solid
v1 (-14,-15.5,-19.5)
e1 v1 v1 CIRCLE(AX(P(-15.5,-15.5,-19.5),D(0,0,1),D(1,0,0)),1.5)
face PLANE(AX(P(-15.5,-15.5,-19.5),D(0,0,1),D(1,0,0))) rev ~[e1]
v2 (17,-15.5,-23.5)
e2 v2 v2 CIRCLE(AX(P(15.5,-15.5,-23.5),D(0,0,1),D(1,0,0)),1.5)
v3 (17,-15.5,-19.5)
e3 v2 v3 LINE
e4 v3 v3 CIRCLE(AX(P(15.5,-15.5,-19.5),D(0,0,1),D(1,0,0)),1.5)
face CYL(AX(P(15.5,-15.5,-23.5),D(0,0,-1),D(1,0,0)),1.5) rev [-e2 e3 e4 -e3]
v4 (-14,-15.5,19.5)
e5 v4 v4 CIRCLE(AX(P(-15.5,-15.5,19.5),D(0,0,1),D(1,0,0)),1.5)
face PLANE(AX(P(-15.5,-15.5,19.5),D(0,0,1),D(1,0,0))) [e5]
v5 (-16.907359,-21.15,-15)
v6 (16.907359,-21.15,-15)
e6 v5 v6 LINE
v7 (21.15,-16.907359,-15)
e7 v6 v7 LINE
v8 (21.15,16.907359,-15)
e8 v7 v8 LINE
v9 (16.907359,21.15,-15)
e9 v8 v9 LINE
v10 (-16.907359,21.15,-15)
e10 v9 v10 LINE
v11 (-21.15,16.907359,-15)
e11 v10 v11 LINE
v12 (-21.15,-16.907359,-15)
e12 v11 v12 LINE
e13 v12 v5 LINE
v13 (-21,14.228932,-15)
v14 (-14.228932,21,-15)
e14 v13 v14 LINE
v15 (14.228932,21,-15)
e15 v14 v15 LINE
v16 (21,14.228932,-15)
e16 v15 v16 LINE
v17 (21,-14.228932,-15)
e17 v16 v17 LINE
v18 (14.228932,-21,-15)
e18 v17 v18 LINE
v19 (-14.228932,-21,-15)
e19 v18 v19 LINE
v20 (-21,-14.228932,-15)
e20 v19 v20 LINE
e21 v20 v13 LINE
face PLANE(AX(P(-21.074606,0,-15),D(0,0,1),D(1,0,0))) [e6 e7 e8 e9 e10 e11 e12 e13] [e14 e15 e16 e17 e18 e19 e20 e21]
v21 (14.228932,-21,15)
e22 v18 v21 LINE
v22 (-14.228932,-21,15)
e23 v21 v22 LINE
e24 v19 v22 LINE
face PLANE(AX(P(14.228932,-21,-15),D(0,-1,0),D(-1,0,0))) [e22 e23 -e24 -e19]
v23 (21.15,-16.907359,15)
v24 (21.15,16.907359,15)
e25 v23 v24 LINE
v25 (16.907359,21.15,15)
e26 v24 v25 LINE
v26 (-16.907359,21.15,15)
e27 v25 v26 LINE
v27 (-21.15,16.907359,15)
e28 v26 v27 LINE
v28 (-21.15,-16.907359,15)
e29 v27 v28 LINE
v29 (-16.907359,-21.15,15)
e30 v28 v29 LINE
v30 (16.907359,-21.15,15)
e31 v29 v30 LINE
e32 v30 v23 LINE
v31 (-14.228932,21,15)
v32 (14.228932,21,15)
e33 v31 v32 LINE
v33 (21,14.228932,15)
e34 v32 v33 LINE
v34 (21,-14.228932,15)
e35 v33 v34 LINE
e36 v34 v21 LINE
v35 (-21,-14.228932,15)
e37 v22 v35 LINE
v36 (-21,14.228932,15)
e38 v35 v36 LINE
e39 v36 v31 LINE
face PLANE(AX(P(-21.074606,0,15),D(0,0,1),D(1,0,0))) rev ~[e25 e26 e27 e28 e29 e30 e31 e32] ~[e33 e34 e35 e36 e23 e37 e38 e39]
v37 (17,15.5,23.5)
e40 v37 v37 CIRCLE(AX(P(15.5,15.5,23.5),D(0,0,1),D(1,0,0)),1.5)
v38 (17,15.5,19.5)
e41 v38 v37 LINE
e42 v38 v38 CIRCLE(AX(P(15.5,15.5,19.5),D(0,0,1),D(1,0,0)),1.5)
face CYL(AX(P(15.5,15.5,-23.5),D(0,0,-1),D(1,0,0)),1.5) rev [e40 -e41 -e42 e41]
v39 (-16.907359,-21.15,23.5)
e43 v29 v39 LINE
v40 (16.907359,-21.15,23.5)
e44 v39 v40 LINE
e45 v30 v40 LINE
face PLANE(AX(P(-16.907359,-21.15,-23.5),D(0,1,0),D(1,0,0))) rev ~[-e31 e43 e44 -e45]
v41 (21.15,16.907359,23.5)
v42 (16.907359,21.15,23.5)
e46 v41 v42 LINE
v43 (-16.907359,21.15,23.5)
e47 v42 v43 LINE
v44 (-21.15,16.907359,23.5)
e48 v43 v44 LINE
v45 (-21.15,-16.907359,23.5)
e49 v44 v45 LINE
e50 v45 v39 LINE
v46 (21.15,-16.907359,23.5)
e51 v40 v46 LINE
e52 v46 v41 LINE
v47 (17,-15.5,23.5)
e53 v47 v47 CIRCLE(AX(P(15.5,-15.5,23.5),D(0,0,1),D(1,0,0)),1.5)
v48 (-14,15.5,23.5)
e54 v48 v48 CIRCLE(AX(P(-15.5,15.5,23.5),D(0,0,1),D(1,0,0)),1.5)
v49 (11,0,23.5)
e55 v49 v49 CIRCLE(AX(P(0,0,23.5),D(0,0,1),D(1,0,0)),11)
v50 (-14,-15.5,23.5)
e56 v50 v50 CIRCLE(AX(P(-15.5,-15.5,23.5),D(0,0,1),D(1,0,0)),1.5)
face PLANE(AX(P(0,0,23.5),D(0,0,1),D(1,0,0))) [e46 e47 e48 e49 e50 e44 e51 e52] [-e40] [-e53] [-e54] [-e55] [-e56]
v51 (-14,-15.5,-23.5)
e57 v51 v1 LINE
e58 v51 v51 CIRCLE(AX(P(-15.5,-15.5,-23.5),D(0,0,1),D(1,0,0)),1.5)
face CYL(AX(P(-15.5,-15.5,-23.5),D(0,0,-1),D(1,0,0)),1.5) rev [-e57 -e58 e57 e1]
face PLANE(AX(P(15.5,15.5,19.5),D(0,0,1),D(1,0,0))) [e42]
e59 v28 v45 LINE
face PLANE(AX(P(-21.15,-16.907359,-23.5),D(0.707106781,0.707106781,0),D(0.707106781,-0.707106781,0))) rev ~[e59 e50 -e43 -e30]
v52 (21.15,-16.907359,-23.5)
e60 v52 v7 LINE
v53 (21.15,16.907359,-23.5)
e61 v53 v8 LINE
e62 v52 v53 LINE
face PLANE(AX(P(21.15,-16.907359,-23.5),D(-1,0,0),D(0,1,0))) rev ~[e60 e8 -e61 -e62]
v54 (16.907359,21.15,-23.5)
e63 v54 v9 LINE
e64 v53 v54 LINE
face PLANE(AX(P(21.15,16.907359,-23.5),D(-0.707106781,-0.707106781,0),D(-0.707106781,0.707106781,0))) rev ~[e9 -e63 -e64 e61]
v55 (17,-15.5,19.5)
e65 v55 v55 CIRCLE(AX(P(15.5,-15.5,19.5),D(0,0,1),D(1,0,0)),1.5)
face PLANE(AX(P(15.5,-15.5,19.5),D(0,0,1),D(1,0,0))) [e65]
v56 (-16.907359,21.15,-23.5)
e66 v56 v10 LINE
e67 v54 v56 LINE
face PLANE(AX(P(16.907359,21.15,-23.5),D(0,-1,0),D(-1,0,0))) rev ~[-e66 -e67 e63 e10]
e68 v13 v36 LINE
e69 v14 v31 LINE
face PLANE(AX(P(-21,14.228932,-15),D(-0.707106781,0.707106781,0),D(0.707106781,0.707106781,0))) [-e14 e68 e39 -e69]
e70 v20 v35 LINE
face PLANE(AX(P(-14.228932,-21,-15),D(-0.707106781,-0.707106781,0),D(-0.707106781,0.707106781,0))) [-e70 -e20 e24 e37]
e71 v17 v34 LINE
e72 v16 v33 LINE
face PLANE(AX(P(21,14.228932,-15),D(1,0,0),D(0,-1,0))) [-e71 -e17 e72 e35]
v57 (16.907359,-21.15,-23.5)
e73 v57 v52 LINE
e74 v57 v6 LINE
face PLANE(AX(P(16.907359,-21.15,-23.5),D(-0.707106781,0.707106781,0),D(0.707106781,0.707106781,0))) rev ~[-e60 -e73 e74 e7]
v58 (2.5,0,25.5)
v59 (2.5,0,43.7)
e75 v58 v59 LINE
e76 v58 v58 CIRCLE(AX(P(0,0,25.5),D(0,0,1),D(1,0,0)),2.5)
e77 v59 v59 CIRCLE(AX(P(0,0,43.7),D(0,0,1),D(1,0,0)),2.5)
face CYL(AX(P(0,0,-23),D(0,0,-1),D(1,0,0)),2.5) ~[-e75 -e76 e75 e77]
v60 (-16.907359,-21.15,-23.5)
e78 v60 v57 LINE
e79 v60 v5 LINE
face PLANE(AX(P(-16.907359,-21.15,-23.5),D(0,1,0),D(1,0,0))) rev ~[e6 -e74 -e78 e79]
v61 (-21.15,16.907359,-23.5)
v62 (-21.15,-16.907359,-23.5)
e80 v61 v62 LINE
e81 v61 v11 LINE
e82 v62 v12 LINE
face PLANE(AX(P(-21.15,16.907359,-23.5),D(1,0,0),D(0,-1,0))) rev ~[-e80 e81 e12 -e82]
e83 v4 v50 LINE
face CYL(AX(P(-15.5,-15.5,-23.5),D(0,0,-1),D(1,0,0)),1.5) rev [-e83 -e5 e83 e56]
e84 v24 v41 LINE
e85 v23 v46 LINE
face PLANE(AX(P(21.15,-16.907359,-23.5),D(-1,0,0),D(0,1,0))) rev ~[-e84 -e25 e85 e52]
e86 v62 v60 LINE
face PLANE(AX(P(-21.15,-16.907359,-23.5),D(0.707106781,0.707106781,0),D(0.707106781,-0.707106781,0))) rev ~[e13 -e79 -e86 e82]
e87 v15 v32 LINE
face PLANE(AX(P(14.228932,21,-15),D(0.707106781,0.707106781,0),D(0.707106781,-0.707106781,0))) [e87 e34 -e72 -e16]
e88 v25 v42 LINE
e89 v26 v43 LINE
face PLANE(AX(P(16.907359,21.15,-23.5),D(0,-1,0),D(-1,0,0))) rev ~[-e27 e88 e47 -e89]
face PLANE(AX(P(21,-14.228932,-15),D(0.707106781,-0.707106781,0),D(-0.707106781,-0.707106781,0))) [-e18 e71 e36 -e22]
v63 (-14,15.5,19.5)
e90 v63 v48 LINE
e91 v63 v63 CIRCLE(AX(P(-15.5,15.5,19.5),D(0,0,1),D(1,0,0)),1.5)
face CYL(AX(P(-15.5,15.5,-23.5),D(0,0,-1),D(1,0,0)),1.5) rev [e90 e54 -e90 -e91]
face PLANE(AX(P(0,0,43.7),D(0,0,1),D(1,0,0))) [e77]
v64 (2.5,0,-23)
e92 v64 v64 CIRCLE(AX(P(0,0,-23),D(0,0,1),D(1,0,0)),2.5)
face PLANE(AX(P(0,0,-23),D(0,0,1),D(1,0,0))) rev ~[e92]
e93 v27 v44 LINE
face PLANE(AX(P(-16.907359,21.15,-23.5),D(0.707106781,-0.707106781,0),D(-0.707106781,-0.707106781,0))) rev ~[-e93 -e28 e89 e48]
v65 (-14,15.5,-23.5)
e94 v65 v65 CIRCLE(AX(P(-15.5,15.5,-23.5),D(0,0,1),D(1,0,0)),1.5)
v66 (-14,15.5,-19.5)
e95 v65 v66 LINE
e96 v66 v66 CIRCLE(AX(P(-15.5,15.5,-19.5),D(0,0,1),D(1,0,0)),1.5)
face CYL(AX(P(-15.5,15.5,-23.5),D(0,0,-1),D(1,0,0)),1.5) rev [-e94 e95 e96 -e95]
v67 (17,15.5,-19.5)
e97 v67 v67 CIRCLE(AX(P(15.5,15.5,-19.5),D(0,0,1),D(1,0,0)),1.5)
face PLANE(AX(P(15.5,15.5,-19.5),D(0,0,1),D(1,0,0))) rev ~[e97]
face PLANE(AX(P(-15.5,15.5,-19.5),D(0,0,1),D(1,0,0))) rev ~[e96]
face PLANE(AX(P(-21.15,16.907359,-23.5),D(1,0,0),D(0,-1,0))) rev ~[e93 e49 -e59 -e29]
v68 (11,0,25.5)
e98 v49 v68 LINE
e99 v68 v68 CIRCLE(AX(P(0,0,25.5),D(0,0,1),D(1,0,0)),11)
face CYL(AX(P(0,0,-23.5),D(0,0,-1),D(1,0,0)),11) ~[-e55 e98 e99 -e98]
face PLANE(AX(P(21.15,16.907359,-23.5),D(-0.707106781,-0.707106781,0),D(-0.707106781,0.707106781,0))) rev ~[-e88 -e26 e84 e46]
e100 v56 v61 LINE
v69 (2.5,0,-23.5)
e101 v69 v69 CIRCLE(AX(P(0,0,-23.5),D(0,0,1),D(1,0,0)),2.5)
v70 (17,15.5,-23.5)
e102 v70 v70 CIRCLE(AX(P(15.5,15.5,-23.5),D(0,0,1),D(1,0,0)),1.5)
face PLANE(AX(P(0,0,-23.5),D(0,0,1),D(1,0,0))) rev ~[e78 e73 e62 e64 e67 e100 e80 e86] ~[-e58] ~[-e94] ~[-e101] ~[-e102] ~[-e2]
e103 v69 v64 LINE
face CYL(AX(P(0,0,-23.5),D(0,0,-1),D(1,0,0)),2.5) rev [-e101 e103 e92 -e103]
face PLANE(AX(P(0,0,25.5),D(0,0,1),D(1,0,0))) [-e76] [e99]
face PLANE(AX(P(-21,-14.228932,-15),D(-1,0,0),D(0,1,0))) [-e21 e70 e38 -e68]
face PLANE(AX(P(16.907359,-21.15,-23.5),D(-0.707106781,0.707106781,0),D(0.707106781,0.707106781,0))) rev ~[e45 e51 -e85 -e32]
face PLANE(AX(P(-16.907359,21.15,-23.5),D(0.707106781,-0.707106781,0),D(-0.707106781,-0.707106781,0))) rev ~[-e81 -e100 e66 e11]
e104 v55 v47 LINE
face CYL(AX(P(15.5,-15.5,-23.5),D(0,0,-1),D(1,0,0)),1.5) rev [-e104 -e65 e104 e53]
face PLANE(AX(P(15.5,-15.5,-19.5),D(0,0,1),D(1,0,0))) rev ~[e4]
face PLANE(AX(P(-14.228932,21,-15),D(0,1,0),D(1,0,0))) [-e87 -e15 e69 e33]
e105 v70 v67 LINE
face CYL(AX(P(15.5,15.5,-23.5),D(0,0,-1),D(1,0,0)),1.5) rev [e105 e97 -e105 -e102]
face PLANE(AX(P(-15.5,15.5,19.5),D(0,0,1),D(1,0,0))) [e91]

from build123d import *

# Parameters (mm, degrees)
BOSS_EXTRUDE1_DEPTH      = 23.5
BOSS_EXTRUDE1_DEPTH_BACK = 23.5
SKETCH1_R                = 11
SKETCH1_R_2              = 1.5
CUT_EXTRUDE1_DEPTH       = 15
CUT_EXTRUDE1_DEPTH_BACK  = 15
BOSS_EXTRUDE2_DEPTH      = 25.5
BOSS_EXTRUDE2_DEPTH_BACK = 23.5
SKETCH1_9_R              = 11
SKETCH1_9_R_2            = 2.5
BOSS_EXTRUDE3_DEPTH      = 43.7
BOSS_EXTRUDE3_DEPTH_BACK = 23
SKETCH1_10_R             = 2.5
BOSS_EXTRUDE4_DEPTH      = 19.5
BOSS_EXTRUDE4_DEPTH_BACK = 19.5
SKETCH1_11_R             = 1.5


with BuildPart() as part:
    # Sketch1 → Boss-Extrude1 (new, two sides: drawn at the far end of the back side and taken through both)
    with BuildSketch(Plane.XY.offset(-BOSS_EXTRUDE1_DEPTH_BACK)):
        Polygon((-16.907359313, 21.15), (-21.15, 16.907359313), (-21.15, -16.907359313), (-16.907359313, -21.15), (16.907359313, -21.15), (21.15, -16.907359313), (21.15, 16.907359313), (16.907359313, 21.15), align=None)
        Circle(SKETCH1_R, mode=Mode.SUBTRACT)
        with Locations((15.5, 15.5)):
            Circle(SKETCH1_R_2, mode=Mode.SUBTRACT)
        with Locations((-15.5, 15.5)):
            Circle(SKETCH1_R_2, mode=Mode.SUBTRACT)
        with Locations((-15.5, -15.5)):
            Circle(SKETCH1_R_2, mode=Mode.SUBTRACT)
        with Locations((15.5, -15.5)):
            Circle(SKETCH1_R_2, mode=Mode.SUBTRACT)
    extrude(amount=BOSS_EXTRUDE1_DEPTH + BOSS_EXTRUDE1_DEPTH_BACK)

    # Sketch1<8> → Cut-Extrude1 (cut, two sides: drawn at the far end of the back side and taken through both)
    with BuildSketch(Plane.XY.offset(-CUT_EXTRUDE1_DEPTH_BACK)):
        Polygon((-21, 14.228932188), (-21.15, 14.078932188), (-21.15, -14.078932188), (-21, -14.228932188), align=None)
        Polygon((-14.228932188, 21), (-17.057359313, 21), (-21, 17.057359313), (-21, 14.228932188), align=None)
        Polygon((14.078932188, 21.15), (-14.078932188, 21.15), (-14.228932188, 21), (14.228932188, 21), align=None)
        Polygon((17.057359313, 21), (14.228932188, 21), (21, 14.228932188), (21, 17.057359313), align=None)
        Polygon((21.15, 14.078932188), (21, 14.228932188), (21, -14.228932188), (21.15, -14.078932188), align=None)
        Polygon((21, -17.057359313), (21, -14.228932188), (14.228932188, -21), (17.057359313, -21), align=None)
        Polygon((14.228932188, -21), (-14.228932188, -21), (-14.078932188, -21.15), (14.078932188, -21.15), align=None)
        Polygon((17.057359313, -21), (14.228932188, -21), (14.078932188, -21.15), (16.907359313, -21.15), align=None)
        Polygon((21.15, -14.078932188), (21, -14.228932188), (21, -17.057359313), (21.15, -16.907359313), align=None)
        Polygon((16.907359313, 21.15), (14.078932188, 21.15), (14.228932188, 21), (17.057359313, 21), align=None)
        Polygon((21, 17.057359313), (21, 14.228932188), (21.15, 14.078932188), (21.15, 16.907359313), align=None)
        Polygon((-14.078932188, 21.15), (-16.907359313, 21.15), (-17.057359313, 21), (-14.228932188, 21), align=None)
        Polygon((-21, 17.057359313), (-21.15, 16.907359313), (-21.15, 14.078932188), (-21, 14.228932188), align=None)
        Polygon((-14.228932188, -21), (-21, -14.228932188), (-21, -17.057359313), (-17.057359313, -21), align=None)
        Polygon((-21, -14.228932188), (-21.15, -14.078932188), (-21.15, -16.907359313), (-21, -17.057359313), align=None)
        Polygon((-14.078932188, -21.15), (-14.228932188, -21), (-17.057359313, -21), (-16.907359313, -21.15), align=None)
    extrude(amount=CUT_EXTRUDE1_DEPTH + CUT_EXTRUDE1_DEPTH_BACK, mode=Mode.SUBTRACT)

    # Sketch1<9> → Boss-Extrude2 (add, two sides: drawn at the far end of the back side and taken through both)
    with BuildSketch(Plane.XY.offset(-BOSS_EXTRUDE2_DEPTH_BACK)):
        Circle(SKETCH1_9_R)
        Circle(SKETCH1_9_R_2, mode=Mode.SUBTRACT)
    extrude(amount=BOSS_EXTRUDE2_DEPTH + BOSS_EXTRUDE2_DEPTH_BACK)

    # Sketch1<10> → Boss-Extrude3 (add, two sides: drawn at the far end of the back side and taken through both)
    with BuildSketch(Plane.XY.offset(-BOSS_EXTRUDE3_DEPTH_BACK)):
        Circle(SKETCH1_10_R)
    extrude(amount=BOSS_EXTRUDE3_DEPTH + BOSS_EXTRUDE3_DEPTH_BACK)

    # Sketch1<11> → Boss-Extrude4 (add, two sides: drawn at the far end of the back side and taken through both)
    with BuildSketch(Plane.XY.offset(-BOSS_EXTRUDE4_DEPTH_BACK)):
        with Locations((-15.5, -15.5)):
            Circle(SKETCH1_11_R)
        with Locations((-15.5, 15.5)):
            Circle(SKETCH1_11_R)
        with Locations((15.5, 15.5)):
            Circle(SKETCH1_11_R)
        with Locations((15.5, -15.5)):
            Circle(SKETCH1_11_R)
    extrude(amount=BOSS_EXTRUDE4_DEPTH + BOSS_EXTRUDE4_DEPTH_BACK)


solid = part.part
